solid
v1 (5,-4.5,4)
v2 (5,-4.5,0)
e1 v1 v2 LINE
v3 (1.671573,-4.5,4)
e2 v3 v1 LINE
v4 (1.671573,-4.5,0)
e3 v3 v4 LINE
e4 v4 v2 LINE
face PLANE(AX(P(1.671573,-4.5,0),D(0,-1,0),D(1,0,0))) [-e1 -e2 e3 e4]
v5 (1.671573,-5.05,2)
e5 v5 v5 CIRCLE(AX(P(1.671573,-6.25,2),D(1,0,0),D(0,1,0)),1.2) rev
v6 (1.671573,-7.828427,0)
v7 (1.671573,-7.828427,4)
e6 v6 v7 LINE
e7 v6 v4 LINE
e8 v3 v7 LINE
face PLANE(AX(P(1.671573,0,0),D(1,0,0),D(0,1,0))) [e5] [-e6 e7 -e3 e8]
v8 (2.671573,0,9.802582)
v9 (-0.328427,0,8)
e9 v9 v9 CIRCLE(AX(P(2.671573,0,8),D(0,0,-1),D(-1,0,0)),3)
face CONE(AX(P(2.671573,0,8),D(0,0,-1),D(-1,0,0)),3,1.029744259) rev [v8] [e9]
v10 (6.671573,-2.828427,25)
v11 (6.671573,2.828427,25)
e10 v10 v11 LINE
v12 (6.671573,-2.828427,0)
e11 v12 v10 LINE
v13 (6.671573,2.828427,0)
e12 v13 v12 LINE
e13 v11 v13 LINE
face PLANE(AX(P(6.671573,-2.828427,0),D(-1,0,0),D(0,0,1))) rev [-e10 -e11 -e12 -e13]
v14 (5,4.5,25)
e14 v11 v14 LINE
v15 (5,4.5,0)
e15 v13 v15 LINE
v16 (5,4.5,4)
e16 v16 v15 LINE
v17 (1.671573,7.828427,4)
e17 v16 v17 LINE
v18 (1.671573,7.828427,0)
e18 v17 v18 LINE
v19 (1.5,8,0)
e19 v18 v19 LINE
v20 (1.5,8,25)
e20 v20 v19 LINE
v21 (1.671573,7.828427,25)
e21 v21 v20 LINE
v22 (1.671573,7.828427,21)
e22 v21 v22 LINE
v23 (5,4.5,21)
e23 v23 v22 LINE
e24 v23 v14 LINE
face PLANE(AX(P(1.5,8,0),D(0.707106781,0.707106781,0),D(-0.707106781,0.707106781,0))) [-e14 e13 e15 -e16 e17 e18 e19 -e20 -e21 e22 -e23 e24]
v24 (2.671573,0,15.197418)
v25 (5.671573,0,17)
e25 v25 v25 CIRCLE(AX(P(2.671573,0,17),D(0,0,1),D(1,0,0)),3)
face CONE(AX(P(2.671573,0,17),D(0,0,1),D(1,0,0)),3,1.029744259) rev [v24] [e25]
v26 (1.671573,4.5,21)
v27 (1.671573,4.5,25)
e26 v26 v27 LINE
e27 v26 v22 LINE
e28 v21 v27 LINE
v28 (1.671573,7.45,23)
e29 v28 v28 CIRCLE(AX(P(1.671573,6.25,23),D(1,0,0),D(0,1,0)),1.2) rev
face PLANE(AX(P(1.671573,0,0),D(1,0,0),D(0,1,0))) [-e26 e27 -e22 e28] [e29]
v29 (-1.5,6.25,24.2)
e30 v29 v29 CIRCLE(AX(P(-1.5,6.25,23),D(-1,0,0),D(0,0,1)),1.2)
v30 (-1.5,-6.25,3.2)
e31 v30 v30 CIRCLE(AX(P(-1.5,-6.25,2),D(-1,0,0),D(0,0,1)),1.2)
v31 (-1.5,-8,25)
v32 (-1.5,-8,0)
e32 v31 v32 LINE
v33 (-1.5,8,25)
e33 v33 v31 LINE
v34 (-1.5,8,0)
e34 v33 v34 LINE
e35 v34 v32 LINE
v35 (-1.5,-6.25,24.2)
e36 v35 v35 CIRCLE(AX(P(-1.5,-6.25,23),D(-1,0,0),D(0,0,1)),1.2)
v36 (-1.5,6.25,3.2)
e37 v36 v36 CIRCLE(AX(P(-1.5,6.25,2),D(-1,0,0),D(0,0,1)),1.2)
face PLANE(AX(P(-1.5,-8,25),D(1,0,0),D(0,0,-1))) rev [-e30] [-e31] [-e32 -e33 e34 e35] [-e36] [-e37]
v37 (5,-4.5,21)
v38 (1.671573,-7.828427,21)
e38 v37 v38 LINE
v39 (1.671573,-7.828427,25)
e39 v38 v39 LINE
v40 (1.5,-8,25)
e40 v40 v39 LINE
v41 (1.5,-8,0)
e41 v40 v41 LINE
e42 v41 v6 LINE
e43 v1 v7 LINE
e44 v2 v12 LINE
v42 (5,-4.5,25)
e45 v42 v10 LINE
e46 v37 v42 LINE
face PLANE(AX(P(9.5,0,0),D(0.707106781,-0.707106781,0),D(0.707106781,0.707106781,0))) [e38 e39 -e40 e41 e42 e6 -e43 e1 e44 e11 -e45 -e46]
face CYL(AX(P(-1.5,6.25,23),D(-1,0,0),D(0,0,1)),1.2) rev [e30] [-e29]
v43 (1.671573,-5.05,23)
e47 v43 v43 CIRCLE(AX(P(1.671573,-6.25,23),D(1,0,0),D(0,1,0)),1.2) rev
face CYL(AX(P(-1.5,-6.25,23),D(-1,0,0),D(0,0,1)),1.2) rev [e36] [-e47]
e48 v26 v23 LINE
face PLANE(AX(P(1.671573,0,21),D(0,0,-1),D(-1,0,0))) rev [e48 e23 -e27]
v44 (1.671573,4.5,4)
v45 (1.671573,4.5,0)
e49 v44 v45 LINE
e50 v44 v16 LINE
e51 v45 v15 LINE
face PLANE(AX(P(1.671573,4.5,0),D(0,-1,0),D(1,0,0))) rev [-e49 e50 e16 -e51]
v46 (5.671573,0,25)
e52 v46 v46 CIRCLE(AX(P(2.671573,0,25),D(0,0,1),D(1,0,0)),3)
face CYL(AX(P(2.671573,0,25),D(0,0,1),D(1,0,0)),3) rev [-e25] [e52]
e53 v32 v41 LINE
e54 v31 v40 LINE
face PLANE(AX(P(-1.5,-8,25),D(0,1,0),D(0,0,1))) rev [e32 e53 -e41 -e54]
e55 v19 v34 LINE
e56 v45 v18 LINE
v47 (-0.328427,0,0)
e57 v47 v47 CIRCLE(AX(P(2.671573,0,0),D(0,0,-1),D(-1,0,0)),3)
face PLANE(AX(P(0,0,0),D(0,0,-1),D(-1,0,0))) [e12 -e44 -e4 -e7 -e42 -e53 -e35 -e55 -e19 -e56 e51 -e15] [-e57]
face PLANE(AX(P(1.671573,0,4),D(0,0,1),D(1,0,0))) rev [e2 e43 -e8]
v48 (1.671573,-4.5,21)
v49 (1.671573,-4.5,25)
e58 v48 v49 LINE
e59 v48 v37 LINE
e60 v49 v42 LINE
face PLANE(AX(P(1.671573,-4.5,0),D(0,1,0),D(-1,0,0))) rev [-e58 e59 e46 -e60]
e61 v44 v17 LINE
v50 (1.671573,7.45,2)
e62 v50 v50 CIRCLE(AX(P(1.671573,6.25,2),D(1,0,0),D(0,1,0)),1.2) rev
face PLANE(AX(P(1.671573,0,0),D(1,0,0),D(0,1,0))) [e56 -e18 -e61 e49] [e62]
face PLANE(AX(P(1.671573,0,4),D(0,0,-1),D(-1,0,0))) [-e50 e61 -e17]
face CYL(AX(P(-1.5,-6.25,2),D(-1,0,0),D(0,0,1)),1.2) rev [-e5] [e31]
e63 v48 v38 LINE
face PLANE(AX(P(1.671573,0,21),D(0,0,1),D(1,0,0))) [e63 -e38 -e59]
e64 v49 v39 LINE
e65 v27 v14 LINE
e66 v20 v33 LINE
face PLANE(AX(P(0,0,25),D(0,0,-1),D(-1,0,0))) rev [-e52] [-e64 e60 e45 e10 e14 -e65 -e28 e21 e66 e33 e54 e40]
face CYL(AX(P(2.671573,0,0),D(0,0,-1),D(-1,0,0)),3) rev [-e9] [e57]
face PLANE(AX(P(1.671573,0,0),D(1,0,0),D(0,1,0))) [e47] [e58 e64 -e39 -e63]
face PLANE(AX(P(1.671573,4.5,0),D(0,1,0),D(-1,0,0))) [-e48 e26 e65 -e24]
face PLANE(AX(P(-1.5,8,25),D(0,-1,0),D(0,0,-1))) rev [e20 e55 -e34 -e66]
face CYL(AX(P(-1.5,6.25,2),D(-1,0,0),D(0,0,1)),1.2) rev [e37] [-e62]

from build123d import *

# Parameters (mm, degrees)
SKETCH1_W            = 3
SKETCH1_H            = 16
BOSS_EXTRUDE1_DEPTH  = 25
BOSS_EXTRUDE2_DEPTH  = 25
M2_CLEARANCE_HOLE1_D = 2.4
CHAMFER1_SIZE        = 4
SKETCH12_W           = 4
SKETCH12_H           = 3.5
SKETCH12_R           = 1.2
CUT_EXTRUDE1_DEPTH   = 5


with BuildPart() as part:
    # Sketch1 → Boss-Extrude1 (new body)
    with BuildSketch(Plane.XY):
        Rectangle(SKETCH1_W, SKETCH1_H)
    extrude(amount=BOSS_EXTRUDE1_DEPTH)

    # Sketch4 → Boss-Extrude2 (add, through all)
    with BuildSketch(Plane.XY.offset(25)):
        Polygon((1.5, 8), (9.5, 0), (1.5, -8), align=None)
    extrude(amount=-BOSS_EXTRUDE2_DEPTH)

    # M2 Clearance Hole1 (through all)
    with Locations(Plane(origin=(-1.5, 0, 0), x_dir=(0, 0, -1), z_dir=(-1, 0, 0))):
        with Locations((-2, -6.25), (-23, 6.25), (-23, -6.25), (-2, 6.25)):
            Hole(M2_CLEARANCE_HOLE1_D / 2)

    # Chamfer1
    chamfer1_edges = [part.edges().sort_by_distance(p)[0] for p in [
        (9.5, 0, 12.5),
    ]]
    chamfer(chamfer1_edges, length=CHAMFER1_SIZE)

    # Sketch8 → Ø6.0mm Dowel Hole3 (revolve, cut)
    with BuildSketch(Plane(origin=(2.671572875, 0, 25), x_dir=(0, -1, 0), z_dir=(1, 0, 0))):
        Polygon((0, 0), (0, 9.802581857), (3, 8), (3, 0), align=None)
    f_6_0mm_dowel_hole3 = revolve(axis=Axis((2.671572875, 0, 31.35), (0, 0, -1)), mode=Mode.SUBTRACT)

    # Mirror2: Ø6.0mm Dowel Hole3 across plane
    add(f_6_0mm_dowel_hole3.mirror(Plane.XY.offset(12.5)), mode=Mode.SUBTRACT)

    # Sketch12 → Cut-Extrude1 (cut)
    with BuildSketch(Plane(origin=(6.671572875, 0, 0), x_dir=(0, 0, -1), z_dir=(1, 0, 0))):
        with Locations((-2, 6.25)):
            Rectangle(SKETCH12_W, SKETCH12_H)
        with Locations((-2, 6.25)):
            Circle(SKETCH12_R, mode=Mode.SUBTRACT)
        with Locations((-2, 6.25)):
            Circle(SKETCH12_R)
        with Locations((-2, -6.25)):
            Circle(SKETCH12_R)
        with Locations((-2, -6.25)):
            Rectangle(SKETCH12_W, SKETCH12_H)
        with Locations((-2, -6.25)):
            Circle(SKETCH12_R, mode=Mode.SUBTRACT)
        with Locations((-23, -6.25)):
            Circle(SKETCH12_R)
        with Locations((-23, -6.25)):
            Rectangle(SKETCH12_W, SKETCH12_H)
        with Locations((-23, -6.25)):
            Circle(SKETCH12_R, mode=Mode.SUBTRACT)
        with Locations((-23, 6.25)):
            Circle(SKETCH12_R)
        with Locations((-23, 6.25)):
            Rectangle(SKETCH12_W, SKETCH12_H)
        with Locations((-23, 6.25)):
            Circle(SKETCH12_R, mode=Mode.SUBTRACT)
    extrude(amount=-CUT_EXTRUDE1_DEPTH, mode=Mode.SUBTRACT)


solid = part.part
